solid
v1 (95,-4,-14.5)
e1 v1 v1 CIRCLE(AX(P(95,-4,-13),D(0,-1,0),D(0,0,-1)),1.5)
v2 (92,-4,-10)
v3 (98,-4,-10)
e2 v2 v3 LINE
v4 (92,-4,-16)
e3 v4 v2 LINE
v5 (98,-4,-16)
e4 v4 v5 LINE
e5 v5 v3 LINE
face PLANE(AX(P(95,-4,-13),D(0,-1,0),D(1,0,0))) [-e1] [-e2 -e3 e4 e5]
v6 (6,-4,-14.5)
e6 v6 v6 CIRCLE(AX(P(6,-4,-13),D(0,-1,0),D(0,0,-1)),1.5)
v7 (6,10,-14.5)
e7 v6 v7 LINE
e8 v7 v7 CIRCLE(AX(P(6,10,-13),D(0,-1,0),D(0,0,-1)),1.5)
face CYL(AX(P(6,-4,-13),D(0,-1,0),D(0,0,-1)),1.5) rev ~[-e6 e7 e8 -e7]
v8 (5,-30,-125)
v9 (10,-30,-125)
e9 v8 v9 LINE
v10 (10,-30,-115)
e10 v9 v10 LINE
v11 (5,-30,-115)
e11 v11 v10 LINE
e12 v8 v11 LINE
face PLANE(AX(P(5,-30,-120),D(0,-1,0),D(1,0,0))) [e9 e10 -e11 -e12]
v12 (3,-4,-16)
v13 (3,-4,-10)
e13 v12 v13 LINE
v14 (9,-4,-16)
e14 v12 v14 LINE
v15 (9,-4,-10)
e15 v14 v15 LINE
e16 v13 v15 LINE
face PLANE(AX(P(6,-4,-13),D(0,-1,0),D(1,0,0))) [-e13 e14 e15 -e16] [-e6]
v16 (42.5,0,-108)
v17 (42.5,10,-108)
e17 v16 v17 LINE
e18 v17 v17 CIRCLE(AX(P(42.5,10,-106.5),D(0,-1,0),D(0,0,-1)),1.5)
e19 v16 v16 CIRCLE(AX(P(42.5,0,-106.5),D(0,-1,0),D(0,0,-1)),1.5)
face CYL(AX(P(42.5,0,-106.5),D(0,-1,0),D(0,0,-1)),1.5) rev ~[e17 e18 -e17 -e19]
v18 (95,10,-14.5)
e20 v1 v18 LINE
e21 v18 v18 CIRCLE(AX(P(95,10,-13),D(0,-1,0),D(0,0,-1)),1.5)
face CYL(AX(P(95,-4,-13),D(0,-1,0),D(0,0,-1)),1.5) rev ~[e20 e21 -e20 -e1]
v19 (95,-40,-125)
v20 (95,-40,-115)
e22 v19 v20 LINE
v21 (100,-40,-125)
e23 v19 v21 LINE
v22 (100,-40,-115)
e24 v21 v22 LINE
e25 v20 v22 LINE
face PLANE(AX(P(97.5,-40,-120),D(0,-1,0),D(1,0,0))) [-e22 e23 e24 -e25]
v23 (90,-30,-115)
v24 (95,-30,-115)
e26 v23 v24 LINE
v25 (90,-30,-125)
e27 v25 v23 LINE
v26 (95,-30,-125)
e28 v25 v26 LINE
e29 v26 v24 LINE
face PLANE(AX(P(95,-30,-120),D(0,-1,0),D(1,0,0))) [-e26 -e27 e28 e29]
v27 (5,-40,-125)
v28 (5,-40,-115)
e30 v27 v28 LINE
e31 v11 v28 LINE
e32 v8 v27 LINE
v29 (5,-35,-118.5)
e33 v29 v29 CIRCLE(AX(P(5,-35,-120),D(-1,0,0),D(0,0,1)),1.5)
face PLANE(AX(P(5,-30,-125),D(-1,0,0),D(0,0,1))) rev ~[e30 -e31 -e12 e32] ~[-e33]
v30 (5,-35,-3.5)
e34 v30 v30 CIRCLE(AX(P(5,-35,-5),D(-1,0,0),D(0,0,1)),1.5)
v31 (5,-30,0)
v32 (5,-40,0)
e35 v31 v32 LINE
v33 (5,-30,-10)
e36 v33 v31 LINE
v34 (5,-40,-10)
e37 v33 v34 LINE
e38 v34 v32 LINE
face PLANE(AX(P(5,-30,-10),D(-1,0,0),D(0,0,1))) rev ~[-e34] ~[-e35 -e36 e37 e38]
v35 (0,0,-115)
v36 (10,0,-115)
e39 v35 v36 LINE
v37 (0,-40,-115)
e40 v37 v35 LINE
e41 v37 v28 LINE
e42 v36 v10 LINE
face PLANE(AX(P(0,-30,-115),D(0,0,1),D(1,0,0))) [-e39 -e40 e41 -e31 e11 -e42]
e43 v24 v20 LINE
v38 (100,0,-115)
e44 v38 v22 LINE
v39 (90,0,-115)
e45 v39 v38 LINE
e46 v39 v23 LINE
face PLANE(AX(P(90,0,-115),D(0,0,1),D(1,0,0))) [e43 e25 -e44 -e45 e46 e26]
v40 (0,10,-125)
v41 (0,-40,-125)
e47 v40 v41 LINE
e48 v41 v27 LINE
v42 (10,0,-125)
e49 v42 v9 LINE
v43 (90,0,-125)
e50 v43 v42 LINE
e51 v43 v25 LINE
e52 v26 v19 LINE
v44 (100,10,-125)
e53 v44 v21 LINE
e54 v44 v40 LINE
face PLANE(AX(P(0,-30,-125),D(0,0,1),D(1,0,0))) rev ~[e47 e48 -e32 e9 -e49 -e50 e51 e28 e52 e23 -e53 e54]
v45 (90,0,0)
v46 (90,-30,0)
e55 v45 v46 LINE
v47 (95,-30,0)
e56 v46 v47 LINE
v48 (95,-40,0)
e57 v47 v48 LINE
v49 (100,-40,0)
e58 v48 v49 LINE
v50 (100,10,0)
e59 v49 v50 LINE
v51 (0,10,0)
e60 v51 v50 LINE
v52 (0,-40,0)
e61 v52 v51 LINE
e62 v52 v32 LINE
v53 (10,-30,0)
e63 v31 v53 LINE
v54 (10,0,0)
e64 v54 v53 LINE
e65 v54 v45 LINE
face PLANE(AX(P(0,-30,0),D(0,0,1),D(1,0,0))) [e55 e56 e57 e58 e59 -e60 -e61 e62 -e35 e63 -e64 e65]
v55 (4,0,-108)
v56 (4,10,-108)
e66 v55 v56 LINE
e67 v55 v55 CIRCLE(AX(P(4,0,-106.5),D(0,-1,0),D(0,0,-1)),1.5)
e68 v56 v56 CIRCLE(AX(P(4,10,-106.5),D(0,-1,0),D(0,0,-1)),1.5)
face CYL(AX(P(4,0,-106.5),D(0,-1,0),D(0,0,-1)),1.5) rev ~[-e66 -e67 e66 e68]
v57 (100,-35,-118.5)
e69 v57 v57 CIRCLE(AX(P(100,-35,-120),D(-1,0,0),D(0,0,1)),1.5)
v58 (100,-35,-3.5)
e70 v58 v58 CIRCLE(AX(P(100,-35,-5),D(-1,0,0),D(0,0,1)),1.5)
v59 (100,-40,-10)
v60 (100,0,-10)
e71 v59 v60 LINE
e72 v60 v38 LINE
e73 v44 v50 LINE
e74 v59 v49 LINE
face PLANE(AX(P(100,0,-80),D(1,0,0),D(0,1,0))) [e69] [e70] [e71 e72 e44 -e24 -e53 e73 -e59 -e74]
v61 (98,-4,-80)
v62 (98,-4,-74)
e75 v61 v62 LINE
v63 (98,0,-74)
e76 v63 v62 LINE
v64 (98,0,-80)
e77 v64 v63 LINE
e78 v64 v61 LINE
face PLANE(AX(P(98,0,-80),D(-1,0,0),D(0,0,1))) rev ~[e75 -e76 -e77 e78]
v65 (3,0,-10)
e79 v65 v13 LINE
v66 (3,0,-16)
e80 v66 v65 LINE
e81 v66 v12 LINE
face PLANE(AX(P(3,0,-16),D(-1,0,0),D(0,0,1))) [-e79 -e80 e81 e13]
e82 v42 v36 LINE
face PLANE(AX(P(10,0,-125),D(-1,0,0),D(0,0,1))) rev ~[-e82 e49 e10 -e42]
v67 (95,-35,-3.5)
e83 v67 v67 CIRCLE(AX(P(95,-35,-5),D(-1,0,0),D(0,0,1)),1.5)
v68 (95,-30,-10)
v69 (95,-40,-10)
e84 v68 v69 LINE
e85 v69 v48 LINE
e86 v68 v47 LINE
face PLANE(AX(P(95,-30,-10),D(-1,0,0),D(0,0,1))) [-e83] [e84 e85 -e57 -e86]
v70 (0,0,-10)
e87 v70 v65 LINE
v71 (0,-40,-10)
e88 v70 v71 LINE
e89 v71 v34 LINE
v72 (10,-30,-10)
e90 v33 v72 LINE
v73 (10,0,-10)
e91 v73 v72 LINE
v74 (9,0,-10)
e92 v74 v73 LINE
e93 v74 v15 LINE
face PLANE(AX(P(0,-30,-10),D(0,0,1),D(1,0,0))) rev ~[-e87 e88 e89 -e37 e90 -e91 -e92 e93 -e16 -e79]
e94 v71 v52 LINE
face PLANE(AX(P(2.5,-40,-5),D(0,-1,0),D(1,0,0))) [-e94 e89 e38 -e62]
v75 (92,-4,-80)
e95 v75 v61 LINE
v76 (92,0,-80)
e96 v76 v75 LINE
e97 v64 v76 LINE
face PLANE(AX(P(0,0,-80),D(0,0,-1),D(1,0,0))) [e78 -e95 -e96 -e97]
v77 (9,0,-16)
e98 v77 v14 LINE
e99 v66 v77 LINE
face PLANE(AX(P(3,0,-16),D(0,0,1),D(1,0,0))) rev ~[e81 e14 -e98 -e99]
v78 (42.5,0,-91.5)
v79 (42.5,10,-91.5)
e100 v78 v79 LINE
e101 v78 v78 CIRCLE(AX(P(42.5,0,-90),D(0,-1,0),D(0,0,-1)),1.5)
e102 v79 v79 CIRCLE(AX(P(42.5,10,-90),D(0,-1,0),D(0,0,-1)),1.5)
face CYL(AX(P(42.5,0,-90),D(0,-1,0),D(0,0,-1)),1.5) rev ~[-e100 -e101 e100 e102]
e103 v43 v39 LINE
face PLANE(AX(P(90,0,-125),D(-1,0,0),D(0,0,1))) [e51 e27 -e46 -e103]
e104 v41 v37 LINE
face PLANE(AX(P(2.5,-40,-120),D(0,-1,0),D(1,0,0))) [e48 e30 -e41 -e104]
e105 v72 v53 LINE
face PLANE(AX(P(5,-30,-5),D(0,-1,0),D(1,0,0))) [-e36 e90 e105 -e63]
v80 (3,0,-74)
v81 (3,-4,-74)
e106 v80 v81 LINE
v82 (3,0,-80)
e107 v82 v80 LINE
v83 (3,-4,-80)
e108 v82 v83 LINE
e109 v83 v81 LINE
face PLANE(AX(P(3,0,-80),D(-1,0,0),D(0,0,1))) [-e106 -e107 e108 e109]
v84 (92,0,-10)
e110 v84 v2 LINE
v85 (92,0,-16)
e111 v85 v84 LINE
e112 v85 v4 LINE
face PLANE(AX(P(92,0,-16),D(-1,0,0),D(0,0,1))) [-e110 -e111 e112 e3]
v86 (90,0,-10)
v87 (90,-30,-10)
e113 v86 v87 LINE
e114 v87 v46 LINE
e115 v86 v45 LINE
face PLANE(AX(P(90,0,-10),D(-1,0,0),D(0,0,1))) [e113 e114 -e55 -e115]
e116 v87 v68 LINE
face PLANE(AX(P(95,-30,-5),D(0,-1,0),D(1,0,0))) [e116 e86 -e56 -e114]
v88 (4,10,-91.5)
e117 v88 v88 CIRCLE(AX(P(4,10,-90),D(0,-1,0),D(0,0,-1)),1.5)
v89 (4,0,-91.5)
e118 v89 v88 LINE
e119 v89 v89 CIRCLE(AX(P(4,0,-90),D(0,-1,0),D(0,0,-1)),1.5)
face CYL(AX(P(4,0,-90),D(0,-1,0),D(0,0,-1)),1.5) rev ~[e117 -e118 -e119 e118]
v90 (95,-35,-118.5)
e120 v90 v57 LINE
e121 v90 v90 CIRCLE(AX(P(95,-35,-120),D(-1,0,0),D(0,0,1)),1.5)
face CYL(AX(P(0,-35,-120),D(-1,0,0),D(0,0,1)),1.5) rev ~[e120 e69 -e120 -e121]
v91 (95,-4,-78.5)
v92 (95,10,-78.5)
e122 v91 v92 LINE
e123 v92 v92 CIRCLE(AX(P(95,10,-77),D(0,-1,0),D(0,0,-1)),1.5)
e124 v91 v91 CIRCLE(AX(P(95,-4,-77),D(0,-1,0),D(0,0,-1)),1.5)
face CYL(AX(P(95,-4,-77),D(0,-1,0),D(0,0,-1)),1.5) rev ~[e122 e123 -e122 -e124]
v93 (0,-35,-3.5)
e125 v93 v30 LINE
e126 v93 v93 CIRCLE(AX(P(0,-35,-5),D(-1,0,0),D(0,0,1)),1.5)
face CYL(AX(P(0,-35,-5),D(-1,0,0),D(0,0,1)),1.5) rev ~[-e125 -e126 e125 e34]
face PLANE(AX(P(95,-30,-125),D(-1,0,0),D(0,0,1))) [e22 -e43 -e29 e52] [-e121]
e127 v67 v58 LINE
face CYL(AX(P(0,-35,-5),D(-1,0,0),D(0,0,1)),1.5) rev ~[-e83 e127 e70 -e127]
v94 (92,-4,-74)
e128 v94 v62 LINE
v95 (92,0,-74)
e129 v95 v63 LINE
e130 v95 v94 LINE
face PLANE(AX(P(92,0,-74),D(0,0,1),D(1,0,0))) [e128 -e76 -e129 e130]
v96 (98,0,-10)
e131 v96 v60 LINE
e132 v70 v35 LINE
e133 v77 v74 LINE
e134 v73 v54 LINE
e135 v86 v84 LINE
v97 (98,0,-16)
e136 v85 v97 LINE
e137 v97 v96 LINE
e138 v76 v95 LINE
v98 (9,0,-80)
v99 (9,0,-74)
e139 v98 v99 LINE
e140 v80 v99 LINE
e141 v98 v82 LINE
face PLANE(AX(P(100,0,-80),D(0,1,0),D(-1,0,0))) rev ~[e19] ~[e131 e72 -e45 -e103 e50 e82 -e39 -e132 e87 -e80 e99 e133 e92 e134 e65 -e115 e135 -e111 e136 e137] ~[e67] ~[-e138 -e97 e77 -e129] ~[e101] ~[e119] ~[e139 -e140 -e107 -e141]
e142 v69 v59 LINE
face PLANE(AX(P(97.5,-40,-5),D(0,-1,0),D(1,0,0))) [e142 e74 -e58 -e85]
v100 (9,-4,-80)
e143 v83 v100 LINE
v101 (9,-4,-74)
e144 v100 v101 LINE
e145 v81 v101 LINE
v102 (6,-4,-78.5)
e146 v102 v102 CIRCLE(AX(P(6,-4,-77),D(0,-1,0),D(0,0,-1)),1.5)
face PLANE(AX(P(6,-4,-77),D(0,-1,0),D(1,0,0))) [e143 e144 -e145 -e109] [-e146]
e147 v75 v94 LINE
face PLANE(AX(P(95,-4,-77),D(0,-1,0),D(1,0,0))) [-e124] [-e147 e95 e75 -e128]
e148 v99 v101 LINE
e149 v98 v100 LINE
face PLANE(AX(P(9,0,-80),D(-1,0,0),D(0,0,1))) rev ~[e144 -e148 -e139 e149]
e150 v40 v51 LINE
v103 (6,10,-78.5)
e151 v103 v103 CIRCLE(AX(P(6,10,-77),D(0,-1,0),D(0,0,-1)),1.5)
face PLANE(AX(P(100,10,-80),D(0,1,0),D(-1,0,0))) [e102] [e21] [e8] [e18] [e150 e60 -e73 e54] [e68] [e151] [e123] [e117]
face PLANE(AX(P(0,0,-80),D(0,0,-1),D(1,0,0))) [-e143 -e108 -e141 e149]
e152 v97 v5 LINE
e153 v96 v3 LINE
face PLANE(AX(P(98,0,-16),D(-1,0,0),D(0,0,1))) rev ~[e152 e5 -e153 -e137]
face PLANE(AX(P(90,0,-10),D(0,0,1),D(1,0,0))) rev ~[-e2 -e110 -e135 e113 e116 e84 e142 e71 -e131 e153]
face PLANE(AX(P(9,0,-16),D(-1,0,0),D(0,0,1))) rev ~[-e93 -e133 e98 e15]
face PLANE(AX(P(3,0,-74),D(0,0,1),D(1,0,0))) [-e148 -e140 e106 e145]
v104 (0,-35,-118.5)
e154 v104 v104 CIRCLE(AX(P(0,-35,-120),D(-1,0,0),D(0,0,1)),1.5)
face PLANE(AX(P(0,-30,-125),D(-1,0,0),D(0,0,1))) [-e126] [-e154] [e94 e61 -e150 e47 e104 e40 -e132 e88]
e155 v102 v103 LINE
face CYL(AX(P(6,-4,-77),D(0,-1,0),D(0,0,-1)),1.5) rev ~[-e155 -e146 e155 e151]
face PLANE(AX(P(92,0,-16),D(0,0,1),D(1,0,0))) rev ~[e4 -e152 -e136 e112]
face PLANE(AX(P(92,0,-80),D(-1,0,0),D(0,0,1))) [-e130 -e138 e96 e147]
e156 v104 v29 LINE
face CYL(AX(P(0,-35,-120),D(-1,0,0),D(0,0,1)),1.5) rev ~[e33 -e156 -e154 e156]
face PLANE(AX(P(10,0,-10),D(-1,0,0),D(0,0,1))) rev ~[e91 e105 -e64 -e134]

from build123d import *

# Parameters (mm, degrees)
SKETCH2_W           = 100
SKETCH2_H           = 80
BOSS_EXTRUDE1_DEPTH = 10
SKETCH3_W           = 10
SKETCH3_H           = 10
BOSS_EXTRUDE2_DEPTH = 30
SKETCH4_W           = 5
SKETCH4_H           = 10
BOSS_EXTRUDE3_DEPTH = 10
SKETCH5_W           = 6
SKETCH5_H           = 6
BOSS_EXTRUDE4_DEPTH = 4
SKETCH6_R           = 1.5
CUT_EXTRUDE1_DEPTH  = 134.026313187
SKETCH7_W           = 100
SKETCH7_H           = 10
BOSS_EXTRUDE5_DEPTH = 45
SKETCH8_W           = 10
SKETCH8_H           = 10
BOSS_EXTRUDE6_DEPTH = 30
SKETCH9_W           = 5
SKETCH9_H           = 10
BOSS_EXTRUDE7_DEPTH = 10
SKETCH10_R          = 1.5
CUT_EXTRUDE2_DEPTH  = 166
SKETCH11_R          = 1.5
CUT_EXTRUDE3_DEPTH  = 10


with BuildPart() as part:
    # Sketch2 → Boss-Extrude1 (new body)
    with BuildSketch(Plane(origin=(0, 0, 0), x_dir=(1, 0, 0), z_dir=(0, 1, 0))):
        with Locations((50, 40)):
            Rectangle(SKETCH2_W, SKETCH2_H)
    extrude(amount=BOSS_EXTRUDE1_DEPTH)

    # Sketch3 → Boss-Extrude2 (add)
    with BuildSketch(Plane.XZ):
        with Locations((95, -5)):
            Rectangle(SKETCH3_W, SKETCH3_H)
        with Locations((5, -5)):
            Rectangle(SKETCH3_W, SKETCH3_H)
    extrude(amount=BOSS_EXTRUDE2_DEPTH)

    # Sketch4 → Boss-Extrude3 (add)
    with BuildSketch(Plane.XZ.offset(30)):
        with Locations((2.5, -5)):
            Rectangle(SKETCH4_W, SKETCH4_H)
        with Locations((97.5, -5)):
            Rectangle(SKETCH4_W, SKETCH4_H)
    extrude(amount=BOSS_EXTRUDE3_DEPTH)

    # Sketch5 → Boss-Extrude4 (add)
    with BuildSketch(Plane.XZ):
        with Locations((6, -13)):
            Rectangle(SKETCH5_W, SKETCH5_H)
        with Locations((95, -13)):
            Rectangle(SKETCH5_W, SKETCH5_H)
        with Locations((95, -77)):
            Rectangle(SKETCH5_W, SKETCH5_H)
        with Locations((6, -77)):
            Rectangle(SKETCH5_W, SKETCH5_H)
    extrude(amount=BOSS_EXTRUDE4_DEPTH)

    # Sketch6 → Cut-Extrude1 (cut, through all)
    with BuildSketch(Plane.XZ.offset(4)):
        with Locations(Location((6, -13, 0), (0, 0, 270))):
            Circle(SKETCH6_R)
        with Locations(Location((95, -13, 0), (0, 0, 270))):
            Circle(SKETCH6_R)
        with Locations(Location((95, -77, 0), (0, 0, 270))):
            Circle(SKETCH6_R)
        with Locations(Location((6, -77, 0), (0, 0, 270))):
            Circle(SKETCH6_R)
    extrude(amount=-CUT_EXTRUDE1_DEPTH, mode=Mode.SUBTRACT)

    # Sketch7 → Boss-Extrude5 (add)
    with BuildSketch(Plane(origin=(0, 0, -80), x_dir=(-1, 0, 0), z_dir=(0, 0, -1))):
        with Locations((-50, 5)):
            Rectangle(SKETCH7_W, SKETCH7_H)
    extrude(amount=BOSS_EXTRUDE5_DEPTH)

    # Sketch8 → Boss-Extrude6 (add)
    with BuildSketch(Plane.XZ):
        with Locations((5, -120)):
            Rectangle(SKETCH8_W, SKETCH8_H)
        with Locations((95, -120)):
            Rectangle(SKETCH8_W, SKETCH8_H)
    extrude(amount=BOSS_EXTRUDE6_DEPTH)

    # Sketch9 → Boss-Extrude7 (add)
    with BuildSketch(Plane.XZ.offset(30)):
        with Locations((2.5, -120)):
            Rectangle(SKETCH9_W, SKETCH9_H)
        with Locations((97.5, -120)):
            Rectangle(SKETCH9_W, SKETCH9_H)
    extrude(amount=BOSS_EXTRUDE7_DEPTH)

    # Sketch10 → Cut-Extrude2 (cut, through all)
    with BuildSketch(Plane.ZY):
        with Locations((-5, -35)):
            Circle(SKETCH10_R)
        with Locations((-120, -35)):
            Circle(SKETCH10_R)
    extrude(amount=-CUT_EXTRUDE2_DEPTH, mode=Mode.SUBTRACT)

    # Sketch11 → Cut-Extrude3 (cut)
    with BuildSketch(Plane.XZ):
        with Locations(Location((4, -106.5, 0), (0, 0, 270))):
            Circle(SKETCH11_R)
        with Locations(Location((4, -90, 0), (0, 0, 270))):
            Circle(SKETCH11_R)
        with Locations(Location((42.5, -106.5, 0), (0, 0, 270))):
            Circle(SKETCH11_R)
        with Locations(Location((42.5, -90, 0), (0, 0, 270))):
            Circle(SKETCH11_R)
    extrude(amount=-CUT_EXTRUDE3_DEPTH, mode=Mode.SUBTRACT)


solid = part.part
